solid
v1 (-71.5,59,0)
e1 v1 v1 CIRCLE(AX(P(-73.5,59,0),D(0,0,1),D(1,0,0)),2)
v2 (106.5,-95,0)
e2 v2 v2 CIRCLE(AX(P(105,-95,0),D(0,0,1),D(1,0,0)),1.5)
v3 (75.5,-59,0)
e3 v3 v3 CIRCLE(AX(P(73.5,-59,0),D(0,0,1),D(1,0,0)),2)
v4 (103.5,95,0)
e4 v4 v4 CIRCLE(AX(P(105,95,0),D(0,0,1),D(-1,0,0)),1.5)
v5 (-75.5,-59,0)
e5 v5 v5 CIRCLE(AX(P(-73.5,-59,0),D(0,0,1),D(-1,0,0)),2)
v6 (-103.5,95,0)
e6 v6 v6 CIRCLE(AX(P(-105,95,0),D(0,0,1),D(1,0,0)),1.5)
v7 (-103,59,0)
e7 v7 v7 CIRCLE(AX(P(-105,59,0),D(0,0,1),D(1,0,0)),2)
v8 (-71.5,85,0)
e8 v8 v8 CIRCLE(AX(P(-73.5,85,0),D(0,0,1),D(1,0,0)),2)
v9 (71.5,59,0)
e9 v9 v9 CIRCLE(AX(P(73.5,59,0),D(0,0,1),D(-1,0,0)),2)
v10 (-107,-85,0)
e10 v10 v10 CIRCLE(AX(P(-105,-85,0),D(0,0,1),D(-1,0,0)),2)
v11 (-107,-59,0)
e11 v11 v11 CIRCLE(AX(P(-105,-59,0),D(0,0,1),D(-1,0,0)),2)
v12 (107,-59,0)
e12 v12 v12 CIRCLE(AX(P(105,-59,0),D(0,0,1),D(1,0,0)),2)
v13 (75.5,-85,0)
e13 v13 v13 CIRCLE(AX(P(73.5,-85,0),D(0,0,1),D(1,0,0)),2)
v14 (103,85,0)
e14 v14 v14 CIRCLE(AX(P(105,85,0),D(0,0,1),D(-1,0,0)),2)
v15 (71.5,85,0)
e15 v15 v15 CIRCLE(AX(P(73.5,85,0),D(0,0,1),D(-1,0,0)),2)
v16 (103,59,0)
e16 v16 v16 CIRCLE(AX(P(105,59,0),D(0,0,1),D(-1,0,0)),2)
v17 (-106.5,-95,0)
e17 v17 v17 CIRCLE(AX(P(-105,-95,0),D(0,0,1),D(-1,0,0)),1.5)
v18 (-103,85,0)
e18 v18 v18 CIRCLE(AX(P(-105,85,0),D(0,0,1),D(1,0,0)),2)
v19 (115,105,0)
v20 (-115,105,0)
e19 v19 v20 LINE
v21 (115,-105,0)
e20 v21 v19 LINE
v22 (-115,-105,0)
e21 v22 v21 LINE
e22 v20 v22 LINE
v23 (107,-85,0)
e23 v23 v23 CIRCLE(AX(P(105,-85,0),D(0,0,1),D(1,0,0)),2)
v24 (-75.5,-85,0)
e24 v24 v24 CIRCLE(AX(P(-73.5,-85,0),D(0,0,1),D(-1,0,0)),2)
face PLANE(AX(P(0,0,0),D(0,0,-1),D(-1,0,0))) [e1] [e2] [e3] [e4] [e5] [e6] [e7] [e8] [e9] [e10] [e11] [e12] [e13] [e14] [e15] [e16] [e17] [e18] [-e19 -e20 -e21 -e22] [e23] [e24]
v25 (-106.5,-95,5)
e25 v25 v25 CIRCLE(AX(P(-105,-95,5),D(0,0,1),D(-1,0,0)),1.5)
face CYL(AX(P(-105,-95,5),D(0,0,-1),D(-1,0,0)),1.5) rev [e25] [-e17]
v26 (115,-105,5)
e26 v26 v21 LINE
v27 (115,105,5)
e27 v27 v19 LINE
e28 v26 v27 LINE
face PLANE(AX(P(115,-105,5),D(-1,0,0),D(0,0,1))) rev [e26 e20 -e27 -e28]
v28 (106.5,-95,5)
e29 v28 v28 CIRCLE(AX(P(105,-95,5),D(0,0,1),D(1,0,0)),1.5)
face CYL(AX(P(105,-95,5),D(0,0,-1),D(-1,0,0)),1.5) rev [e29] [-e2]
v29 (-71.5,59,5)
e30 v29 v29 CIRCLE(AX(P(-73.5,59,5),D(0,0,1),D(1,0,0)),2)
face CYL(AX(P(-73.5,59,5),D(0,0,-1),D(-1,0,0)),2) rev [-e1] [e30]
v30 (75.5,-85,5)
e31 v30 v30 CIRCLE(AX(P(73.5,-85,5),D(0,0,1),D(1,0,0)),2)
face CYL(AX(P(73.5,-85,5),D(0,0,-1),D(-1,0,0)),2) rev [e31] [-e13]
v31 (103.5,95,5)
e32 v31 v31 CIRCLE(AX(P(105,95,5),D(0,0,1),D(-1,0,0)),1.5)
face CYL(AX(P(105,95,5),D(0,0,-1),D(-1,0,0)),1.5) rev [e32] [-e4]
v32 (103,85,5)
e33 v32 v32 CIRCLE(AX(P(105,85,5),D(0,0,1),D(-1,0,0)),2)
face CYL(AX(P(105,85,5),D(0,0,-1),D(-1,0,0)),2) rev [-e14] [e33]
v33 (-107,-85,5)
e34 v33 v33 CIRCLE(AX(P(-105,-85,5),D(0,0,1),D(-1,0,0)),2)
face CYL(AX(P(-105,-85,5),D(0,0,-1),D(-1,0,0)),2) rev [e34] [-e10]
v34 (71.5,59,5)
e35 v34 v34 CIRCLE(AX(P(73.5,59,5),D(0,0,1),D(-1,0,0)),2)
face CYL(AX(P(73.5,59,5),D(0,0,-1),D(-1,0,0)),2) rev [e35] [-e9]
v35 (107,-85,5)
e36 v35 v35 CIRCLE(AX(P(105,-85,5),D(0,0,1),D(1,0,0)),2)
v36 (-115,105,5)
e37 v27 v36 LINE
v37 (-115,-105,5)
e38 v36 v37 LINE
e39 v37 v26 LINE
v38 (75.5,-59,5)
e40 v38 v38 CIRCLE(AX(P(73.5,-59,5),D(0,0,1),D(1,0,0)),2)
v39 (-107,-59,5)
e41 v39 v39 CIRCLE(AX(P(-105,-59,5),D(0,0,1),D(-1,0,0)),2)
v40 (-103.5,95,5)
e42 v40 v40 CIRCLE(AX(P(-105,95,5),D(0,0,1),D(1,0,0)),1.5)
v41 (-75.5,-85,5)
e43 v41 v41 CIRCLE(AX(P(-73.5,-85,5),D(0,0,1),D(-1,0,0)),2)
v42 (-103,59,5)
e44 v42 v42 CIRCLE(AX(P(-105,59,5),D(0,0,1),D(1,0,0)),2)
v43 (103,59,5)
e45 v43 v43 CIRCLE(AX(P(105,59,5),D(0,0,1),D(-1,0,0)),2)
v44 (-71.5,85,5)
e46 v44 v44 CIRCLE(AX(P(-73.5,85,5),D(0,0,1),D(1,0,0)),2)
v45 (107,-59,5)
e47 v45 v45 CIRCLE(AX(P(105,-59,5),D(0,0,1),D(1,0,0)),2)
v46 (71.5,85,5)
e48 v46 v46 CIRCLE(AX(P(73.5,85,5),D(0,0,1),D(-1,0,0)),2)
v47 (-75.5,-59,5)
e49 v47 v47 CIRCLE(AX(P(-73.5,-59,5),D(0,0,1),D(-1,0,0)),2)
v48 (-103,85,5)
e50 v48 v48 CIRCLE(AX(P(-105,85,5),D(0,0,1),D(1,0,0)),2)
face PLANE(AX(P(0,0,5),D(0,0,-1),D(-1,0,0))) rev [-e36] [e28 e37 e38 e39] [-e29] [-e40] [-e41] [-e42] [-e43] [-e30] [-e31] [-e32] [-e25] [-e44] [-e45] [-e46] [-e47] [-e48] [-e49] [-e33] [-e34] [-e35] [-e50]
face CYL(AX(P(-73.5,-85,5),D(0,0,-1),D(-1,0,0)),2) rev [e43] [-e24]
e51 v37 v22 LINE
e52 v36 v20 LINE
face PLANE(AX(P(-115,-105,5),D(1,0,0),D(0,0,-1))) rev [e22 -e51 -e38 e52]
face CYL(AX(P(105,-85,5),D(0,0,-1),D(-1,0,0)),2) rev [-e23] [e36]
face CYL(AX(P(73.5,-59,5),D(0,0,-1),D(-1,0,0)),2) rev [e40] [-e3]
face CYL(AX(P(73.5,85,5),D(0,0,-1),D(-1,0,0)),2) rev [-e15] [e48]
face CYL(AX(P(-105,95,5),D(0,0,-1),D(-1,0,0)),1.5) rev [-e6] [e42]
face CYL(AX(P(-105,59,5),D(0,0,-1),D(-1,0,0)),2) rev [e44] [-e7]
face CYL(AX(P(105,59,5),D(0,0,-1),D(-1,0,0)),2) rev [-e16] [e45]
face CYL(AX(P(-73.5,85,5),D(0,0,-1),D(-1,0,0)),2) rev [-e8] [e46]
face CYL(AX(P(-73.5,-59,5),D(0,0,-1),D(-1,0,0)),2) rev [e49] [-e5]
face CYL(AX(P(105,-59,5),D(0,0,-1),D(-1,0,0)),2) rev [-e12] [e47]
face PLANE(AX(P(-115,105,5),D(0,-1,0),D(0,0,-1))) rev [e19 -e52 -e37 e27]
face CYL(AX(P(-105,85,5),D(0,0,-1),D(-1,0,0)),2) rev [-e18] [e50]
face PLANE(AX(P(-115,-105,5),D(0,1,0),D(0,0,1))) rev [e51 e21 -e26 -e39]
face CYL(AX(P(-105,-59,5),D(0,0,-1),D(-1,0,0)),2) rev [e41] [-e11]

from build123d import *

# Parameters (mm, degrees)
IZIM1_W                     = 230
IZIM1_H                     = 210
IZIM1_R                     = 2
IZIM1_R_2                   = 1.5
Y_KSEKLIK_EKSTR_ZYON1_DEPTH = 5


with BuildPart() as part:
    # Çizim1 → Yükseklik-Ekstrüzyon1 (new body)
    with BuildSketch(Plane.XY):
        Rectangle(IZIM1_W, IZIM1_H)
        with Locations((-105, 85)):
            Circle(IZIM1_R, mode=Mode.SUBTRACT)
        with Locations((-73.5, 85)):
            Circle(IZIM1_R, mode=Mode.SUBTRACT)
        with Locations((-105, 59)):
            Circle(IZIM1_R, mode=Mode.SUBTRACT)
        with Locations((-73.5, 59)):
            Circle(IZIM1_R, mode=Mode.SUBTRACT)
        with Locations((-105, 95)):
            Circle(IZIM1_R_2, mode=Mode.SUBTRACT)
        with Locations((-105, -59)):
            Circle(IZIM1_R, mode=Mode.SUBTRACT)
        with Locations((-105, -85)):
            Circle(IZIM1_R, mode=Mode.SUBTRACT)
        with Locations((-105, -95)):
            Circle(IZIM1_R_2, mode=Mode.SUBTRACT)
        with Locations((-73.5, -59)):
            Circle(IZIM1_R, mode=Mode.SUBTRACT)
        with Locations((-73.5, -85)):
            Circle(IZIM1_R, mode=Mode.SUBTRACT)
        with Locations((73.5, -85)):
            Circle(IZIM1_R, mode=Mode.SUBTRACT)
        with Locations((73.5, -59)):
            Circle(IZIM1_R, mode=Mode.SUBTRACT)
        with Locations((105, -95)):
            Circle(IZIM1_R_2, mode=Mode.SUBTRACT)
        with Locations((105, -85)):
            Circle(IZIM1_R, mode=Mode.SUBTRACT)
        with Locations((105, -59)):
            Circle(IZIM1_R, mode=Mode.SUBTRACT)
        with Locations((105, 95)):
            Circle(IZIM1_R_2, mode=Mode.SUBTRACT)
        with Locations((73.5, 59)):
            Circle(IZIM1_R, mode=Mode.SUBTRACT)
        with Locations((105, 59)):
            Circle(IZIM1_R, mode=Mode.SUBTRACT)
        with Locations((73.5, 85)):
            Circle(IZIM1_R, mode=Mode.SUBTRACT)
        with Locations((105, 85)):
            Circle(IZIM1_R, mode=Mode.SUBTRACT)
    extrude(amount=Y_KSEKLIK_EKSTR_ZYON1_DEPTH)


solid = part.part
